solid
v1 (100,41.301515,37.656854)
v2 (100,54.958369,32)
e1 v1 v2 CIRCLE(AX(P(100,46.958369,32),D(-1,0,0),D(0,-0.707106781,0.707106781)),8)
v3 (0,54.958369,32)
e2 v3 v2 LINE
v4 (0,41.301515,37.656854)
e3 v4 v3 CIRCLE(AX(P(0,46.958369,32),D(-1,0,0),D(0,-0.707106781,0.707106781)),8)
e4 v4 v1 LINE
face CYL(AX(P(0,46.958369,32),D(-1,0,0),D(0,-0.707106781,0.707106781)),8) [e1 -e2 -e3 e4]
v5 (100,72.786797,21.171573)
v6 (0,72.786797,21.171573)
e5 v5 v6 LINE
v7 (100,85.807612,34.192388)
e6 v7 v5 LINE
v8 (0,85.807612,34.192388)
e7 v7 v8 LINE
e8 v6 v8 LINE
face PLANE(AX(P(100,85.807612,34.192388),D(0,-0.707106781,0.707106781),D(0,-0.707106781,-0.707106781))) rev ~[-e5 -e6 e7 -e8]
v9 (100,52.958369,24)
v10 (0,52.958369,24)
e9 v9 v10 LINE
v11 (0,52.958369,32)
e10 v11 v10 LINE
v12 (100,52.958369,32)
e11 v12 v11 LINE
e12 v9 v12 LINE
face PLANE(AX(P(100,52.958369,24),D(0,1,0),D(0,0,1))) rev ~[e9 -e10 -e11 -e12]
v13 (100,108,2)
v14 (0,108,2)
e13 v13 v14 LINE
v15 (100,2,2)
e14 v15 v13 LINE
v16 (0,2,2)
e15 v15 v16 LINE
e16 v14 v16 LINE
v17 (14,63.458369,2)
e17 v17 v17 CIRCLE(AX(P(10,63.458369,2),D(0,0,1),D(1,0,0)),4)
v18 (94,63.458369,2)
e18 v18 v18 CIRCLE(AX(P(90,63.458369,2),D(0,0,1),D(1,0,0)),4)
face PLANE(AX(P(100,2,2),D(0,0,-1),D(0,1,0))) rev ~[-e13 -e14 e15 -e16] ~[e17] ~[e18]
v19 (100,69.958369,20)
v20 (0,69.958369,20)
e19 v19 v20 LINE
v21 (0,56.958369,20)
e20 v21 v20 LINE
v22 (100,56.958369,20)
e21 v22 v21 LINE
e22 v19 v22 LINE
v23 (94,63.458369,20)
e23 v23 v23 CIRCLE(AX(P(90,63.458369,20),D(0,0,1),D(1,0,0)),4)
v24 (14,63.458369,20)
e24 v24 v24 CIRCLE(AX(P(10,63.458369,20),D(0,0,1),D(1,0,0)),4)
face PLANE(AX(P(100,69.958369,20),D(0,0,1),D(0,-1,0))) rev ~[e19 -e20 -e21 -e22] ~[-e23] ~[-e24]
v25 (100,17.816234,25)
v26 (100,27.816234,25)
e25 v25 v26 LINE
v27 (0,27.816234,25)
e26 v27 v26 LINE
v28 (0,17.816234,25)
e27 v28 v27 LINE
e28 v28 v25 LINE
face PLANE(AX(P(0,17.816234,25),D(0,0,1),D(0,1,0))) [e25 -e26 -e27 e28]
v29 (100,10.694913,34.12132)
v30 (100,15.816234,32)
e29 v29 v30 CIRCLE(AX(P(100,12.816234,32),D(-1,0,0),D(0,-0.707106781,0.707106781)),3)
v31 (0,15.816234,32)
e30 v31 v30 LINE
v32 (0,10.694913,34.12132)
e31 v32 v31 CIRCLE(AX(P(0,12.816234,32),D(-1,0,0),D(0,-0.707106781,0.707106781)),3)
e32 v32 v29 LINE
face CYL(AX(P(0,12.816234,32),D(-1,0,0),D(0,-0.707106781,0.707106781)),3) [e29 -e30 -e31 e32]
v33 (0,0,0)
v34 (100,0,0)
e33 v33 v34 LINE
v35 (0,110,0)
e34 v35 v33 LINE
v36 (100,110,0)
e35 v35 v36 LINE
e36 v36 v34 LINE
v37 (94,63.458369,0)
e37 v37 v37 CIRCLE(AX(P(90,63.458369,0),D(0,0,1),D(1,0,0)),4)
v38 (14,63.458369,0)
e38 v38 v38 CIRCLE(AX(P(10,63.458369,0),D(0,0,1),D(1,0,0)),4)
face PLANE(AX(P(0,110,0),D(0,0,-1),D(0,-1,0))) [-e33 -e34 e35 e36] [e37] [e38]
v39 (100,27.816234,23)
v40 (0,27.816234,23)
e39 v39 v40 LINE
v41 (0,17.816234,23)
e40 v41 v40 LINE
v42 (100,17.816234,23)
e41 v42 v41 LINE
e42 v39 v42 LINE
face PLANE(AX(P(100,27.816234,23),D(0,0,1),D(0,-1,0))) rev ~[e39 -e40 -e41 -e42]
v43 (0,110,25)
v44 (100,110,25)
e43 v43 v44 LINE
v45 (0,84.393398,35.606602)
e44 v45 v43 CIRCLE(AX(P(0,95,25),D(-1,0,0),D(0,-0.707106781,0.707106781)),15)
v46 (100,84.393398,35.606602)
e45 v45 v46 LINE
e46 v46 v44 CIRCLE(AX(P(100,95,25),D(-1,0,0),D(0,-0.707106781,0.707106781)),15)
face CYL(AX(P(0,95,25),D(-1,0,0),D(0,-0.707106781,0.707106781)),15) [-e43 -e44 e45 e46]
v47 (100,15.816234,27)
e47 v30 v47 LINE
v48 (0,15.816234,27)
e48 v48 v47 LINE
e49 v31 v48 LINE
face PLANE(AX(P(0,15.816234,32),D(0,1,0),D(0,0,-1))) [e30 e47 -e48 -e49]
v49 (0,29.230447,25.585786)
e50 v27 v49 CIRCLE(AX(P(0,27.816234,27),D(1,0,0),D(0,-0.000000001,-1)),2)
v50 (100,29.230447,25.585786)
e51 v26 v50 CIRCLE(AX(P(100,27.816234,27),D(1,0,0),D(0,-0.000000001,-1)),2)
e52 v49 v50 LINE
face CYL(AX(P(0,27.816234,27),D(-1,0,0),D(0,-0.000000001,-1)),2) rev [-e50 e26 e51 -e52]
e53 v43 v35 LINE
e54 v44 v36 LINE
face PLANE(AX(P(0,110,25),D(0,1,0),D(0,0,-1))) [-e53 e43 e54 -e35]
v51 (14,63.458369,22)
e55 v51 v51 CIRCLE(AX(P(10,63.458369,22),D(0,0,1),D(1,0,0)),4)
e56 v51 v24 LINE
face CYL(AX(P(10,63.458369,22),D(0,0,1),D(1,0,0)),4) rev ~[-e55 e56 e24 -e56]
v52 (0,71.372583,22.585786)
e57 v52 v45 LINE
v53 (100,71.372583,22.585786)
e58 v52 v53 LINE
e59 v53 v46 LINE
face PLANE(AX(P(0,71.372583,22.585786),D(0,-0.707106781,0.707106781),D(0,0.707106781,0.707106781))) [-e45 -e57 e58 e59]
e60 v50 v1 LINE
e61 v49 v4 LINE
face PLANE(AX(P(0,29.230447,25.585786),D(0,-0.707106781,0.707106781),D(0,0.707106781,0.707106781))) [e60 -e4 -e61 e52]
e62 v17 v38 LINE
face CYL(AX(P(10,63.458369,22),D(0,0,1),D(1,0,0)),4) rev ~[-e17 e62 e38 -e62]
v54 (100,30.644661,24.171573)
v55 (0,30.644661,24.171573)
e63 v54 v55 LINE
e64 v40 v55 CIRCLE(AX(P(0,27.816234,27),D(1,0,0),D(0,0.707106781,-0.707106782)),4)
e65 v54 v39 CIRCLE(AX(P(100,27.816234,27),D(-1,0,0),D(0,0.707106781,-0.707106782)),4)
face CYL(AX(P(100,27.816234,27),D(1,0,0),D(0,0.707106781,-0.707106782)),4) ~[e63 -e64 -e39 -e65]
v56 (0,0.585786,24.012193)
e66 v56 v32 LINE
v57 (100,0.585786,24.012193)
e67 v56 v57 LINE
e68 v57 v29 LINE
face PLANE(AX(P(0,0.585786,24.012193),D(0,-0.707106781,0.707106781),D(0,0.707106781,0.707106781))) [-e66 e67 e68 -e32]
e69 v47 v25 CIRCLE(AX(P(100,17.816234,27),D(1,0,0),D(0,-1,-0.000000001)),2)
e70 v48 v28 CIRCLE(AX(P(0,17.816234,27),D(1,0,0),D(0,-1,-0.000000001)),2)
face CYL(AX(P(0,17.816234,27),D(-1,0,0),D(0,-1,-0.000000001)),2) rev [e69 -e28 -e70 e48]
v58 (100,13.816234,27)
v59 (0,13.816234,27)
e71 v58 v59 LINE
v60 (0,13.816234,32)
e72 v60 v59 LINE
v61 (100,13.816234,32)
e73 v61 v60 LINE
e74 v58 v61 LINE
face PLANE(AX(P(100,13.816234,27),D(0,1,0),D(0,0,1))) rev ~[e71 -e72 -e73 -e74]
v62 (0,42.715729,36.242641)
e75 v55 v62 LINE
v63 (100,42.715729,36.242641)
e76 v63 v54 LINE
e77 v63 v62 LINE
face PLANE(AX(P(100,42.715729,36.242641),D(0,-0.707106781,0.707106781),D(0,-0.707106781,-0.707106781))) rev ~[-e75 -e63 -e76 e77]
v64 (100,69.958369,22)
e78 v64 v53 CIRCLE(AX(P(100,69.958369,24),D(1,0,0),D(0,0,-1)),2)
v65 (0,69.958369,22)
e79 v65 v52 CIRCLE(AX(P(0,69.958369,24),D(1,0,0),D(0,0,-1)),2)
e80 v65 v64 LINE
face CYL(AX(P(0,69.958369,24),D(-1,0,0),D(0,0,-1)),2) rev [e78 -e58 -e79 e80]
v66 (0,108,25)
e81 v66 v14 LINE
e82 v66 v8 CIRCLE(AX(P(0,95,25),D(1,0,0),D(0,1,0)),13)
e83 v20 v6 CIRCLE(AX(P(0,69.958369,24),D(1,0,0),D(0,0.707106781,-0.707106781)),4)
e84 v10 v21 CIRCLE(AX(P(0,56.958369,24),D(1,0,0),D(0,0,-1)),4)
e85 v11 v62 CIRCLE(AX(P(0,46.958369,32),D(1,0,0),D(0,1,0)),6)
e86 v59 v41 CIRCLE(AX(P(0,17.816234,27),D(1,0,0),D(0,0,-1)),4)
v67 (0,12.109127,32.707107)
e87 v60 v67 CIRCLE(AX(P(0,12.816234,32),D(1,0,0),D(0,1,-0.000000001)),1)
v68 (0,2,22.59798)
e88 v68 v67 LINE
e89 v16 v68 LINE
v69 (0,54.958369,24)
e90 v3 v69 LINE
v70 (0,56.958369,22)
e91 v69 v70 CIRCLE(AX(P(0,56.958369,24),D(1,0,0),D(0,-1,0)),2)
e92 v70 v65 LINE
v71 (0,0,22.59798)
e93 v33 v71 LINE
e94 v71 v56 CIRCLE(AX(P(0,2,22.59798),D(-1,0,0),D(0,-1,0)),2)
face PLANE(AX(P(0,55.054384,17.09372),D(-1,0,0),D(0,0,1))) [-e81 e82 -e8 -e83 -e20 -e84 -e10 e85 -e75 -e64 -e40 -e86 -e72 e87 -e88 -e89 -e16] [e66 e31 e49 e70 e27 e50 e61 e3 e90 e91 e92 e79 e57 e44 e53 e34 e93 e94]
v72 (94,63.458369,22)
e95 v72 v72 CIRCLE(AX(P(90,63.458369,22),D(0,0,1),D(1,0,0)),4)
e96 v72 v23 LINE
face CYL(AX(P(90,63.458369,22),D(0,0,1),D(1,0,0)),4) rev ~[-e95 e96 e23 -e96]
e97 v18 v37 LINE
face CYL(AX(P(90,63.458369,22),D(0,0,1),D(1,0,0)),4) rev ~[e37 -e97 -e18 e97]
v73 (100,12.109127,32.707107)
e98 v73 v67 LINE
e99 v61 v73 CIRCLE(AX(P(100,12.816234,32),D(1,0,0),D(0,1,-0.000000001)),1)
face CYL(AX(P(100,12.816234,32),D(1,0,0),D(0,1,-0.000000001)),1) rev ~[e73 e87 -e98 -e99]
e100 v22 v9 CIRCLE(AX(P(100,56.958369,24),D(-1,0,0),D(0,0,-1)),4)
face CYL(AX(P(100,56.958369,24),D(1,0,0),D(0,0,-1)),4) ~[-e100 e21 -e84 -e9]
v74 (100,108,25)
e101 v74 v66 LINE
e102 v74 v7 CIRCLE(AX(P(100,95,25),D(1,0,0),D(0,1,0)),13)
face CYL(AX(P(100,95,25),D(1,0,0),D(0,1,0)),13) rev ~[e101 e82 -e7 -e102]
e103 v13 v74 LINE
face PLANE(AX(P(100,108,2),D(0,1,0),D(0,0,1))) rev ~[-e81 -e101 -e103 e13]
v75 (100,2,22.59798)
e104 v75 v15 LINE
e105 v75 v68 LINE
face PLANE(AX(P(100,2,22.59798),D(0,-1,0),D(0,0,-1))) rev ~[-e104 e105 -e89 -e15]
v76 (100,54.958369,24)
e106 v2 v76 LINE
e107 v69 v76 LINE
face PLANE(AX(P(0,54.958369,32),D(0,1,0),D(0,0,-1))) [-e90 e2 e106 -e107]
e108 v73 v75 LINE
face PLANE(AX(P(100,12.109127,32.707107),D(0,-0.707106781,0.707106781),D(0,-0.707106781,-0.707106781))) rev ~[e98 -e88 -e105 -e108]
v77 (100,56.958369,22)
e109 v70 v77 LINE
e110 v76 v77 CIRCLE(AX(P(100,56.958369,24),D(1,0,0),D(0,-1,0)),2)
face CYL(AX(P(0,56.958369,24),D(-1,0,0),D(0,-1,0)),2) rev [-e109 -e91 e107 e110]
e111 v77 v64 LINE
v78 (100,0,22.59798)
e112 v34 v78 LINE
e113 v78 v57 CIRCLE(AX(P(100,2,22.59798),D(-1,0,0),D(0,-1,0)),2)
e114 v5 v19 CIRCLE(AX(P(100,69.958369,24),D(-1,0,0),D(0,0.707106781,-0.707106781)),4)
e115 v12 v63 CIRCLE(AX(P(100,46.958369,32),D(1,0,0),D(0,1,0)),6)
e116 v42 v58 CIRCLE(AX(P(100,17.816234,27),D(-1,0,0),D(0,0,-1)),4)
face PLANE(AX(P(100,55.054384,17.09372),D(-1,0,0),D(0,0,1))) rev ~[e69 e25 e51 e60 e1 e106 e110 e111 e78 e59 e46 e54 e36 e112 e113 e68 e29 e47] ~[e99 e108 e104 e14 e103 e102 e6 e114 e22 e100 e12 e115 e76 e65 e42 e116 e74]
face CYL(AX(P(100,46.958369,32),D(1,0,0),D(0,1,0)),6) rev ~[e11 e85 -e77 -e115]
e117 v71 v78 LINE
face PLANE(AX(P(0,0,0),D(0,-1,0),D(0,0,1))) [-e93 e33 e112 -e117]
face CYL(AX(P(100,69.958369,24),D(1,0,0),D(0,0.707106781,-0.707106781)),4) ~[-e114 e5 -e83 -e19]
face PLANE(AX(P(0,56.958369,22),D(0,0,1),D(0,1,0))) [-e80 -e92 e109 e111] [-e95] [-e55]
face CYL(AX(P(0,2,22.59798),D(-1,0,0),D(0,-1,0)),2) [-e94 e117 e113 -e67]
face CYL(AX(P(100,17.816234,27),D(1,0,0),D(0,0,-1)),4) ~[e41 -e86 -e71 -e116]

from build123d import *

# Parameters (mm, degrees)
SALIENTE_EXTRUIR1_DEPTH = 100
CROQUIS2_R              = 4
CORTAR_EXTRUIR1_DEPTH   = 23
CORTAR_EXTRUIR3_DEPTH   = 101


with BuildPart() as part:
    # Croquis1 → Saliente-Extruir1 (new body)
    with BuildSketch(Plane(origin=(0, 0, 0), x_dir=(0, 0, -1), z_dir=(1, 0, 0))):
        with BuildLine():
            Line((0, 0), (-22.597979746, 0))
            ThreePointArc((-22.597979746, 0), (-23.363346611, 0.152240935), (-24.012193309, 0.585786438))
            Line((-24.012193309, 0.585786438), (-34.121320344, 10.694913472))
            ThreePointArc((-34.121320344, 10.694913472), (-34.771638598, 13.964284113), (-32, 15.816233816))
            Line((-32, 15.816233816), (-27, 15.816233816))
            ThreePointArc((-27, 15.816233816), (-25.585786438, 16.402020254), (-25, 17.816233816))
            Line((-25, 17.816233816), (-25, 27.816233816))
            ThreePointArc((-25, 27.816233816), (-25.152240935, 28.581600681), (-25.585786438, 29.230447378))
            Line((-25.585786438, 29.230447378), (-37.656854249, 41.30151519))
            ThreePointArc((-37.656854249, 41.30151519), (-39.39103626, 50.019836899), (-32, 54.95836944))
            Line((-32, 54.95836944), (-24, 54.95836944))
            ThreePointArc((-24, 54.95836944), (-22.585786438, 55.544155877), (-22, 56.95836944))
            Line((-22, 56.95836944), (-22, 69.95836944))
            ThreePointArc((-22, 69.95836944), (-22.152240935, 70.723736304), (-22.585786438, 71.372583002))
            Line((-22.585786438, 71.372583002), (-35.606601718, 84.393398282))
            ThreePointArc((-35.606601718, 84.393398282), (-38.858192988, 100.740251485), (-25, 110))
            Line((-25, 110), (0, 110))
            Line((0, 110), (0, 0))
        make_face()
    extrude(amount=SALIENTE_EXTRUIR1_DEPTH)

    # Croquis2 → Cortar-Extruir1 (cut, through all)
    with BuildSketch(Plane.XY.offset(22)):
        with Locations((10, 63.45836944)):
            Circle(CROQUIS2_R)
        with Locations((90, 63.45836944)):
            Circle(CROQUIS2_R)
    extrude(amount=-CORTAR_EXTRUIR1_DEPTH, mode=Mode.SUBTRACT)

    # Croquis3 → Cortar-Extruir3 (cut, through all)
    with BuildSketch(Plane(origin=(100, 0, 0), x_dir=(0, 0, -1), z_dir=(1, 0, 0))):
        with BuildLine():
            Line((-24, 52.95836944), (-32, 52.95836944))
            ThreePointArc((-32, 52.95836944), (-37.543277195, 49.254470034), (-36.242640687, 42.715728753))
            Line((-36.242640687, 42.715728753), (-24.171572875, 30.644660941))
            ThreePointArc((-24.171572875, 30.644660941), (-23.30448187, 29.346967545), (-23, 27.816233816))
            Line((-23, 27.816233816), (-23, 17.816233816))
            ThreePointArc((-23, 17.816233816), (-24.171572875, 14.987806691), (-27, 13.816233816))
            Line((-27, 13.816233816), (-32, 13.816233816))
            ThreePointArc((-32, 13.816233816), (-32.923879533, 13.198917248), (-32.707106781, 12.109127035))
            Line((-32.707106781, 12.109127035), (-22.597979746, 2))
            Line((-22.597979746, 2), (-2, 2))
            Line((-2, 2), (-2, 108))
            Line((-2, 108), (-25, 108))
            ThreePointArc((-25, 108), (-37.010433923, 99.974884621), (-34.192388155, 85.807611845))
            Line((-34.192388155, 85.807611845), (-21.171572875, 72.786796564))
            ThreePointArc((-21.171572875, 72.786796564), (-20.30448187, 71.489103169), (-20, 69.95836944))
            Line((-20, 69.95836944), (-20, 56.95836944))
            ThreePointArc((-20, 56.95836944), (-21.171572875, 54.129942315), (-24, 52.95836944))
        make_face()
    extrude(amount=-CORTAR_EXTRUIR3_DEPTH, mode=Mode.SUBTRACT)


solid = part.part
